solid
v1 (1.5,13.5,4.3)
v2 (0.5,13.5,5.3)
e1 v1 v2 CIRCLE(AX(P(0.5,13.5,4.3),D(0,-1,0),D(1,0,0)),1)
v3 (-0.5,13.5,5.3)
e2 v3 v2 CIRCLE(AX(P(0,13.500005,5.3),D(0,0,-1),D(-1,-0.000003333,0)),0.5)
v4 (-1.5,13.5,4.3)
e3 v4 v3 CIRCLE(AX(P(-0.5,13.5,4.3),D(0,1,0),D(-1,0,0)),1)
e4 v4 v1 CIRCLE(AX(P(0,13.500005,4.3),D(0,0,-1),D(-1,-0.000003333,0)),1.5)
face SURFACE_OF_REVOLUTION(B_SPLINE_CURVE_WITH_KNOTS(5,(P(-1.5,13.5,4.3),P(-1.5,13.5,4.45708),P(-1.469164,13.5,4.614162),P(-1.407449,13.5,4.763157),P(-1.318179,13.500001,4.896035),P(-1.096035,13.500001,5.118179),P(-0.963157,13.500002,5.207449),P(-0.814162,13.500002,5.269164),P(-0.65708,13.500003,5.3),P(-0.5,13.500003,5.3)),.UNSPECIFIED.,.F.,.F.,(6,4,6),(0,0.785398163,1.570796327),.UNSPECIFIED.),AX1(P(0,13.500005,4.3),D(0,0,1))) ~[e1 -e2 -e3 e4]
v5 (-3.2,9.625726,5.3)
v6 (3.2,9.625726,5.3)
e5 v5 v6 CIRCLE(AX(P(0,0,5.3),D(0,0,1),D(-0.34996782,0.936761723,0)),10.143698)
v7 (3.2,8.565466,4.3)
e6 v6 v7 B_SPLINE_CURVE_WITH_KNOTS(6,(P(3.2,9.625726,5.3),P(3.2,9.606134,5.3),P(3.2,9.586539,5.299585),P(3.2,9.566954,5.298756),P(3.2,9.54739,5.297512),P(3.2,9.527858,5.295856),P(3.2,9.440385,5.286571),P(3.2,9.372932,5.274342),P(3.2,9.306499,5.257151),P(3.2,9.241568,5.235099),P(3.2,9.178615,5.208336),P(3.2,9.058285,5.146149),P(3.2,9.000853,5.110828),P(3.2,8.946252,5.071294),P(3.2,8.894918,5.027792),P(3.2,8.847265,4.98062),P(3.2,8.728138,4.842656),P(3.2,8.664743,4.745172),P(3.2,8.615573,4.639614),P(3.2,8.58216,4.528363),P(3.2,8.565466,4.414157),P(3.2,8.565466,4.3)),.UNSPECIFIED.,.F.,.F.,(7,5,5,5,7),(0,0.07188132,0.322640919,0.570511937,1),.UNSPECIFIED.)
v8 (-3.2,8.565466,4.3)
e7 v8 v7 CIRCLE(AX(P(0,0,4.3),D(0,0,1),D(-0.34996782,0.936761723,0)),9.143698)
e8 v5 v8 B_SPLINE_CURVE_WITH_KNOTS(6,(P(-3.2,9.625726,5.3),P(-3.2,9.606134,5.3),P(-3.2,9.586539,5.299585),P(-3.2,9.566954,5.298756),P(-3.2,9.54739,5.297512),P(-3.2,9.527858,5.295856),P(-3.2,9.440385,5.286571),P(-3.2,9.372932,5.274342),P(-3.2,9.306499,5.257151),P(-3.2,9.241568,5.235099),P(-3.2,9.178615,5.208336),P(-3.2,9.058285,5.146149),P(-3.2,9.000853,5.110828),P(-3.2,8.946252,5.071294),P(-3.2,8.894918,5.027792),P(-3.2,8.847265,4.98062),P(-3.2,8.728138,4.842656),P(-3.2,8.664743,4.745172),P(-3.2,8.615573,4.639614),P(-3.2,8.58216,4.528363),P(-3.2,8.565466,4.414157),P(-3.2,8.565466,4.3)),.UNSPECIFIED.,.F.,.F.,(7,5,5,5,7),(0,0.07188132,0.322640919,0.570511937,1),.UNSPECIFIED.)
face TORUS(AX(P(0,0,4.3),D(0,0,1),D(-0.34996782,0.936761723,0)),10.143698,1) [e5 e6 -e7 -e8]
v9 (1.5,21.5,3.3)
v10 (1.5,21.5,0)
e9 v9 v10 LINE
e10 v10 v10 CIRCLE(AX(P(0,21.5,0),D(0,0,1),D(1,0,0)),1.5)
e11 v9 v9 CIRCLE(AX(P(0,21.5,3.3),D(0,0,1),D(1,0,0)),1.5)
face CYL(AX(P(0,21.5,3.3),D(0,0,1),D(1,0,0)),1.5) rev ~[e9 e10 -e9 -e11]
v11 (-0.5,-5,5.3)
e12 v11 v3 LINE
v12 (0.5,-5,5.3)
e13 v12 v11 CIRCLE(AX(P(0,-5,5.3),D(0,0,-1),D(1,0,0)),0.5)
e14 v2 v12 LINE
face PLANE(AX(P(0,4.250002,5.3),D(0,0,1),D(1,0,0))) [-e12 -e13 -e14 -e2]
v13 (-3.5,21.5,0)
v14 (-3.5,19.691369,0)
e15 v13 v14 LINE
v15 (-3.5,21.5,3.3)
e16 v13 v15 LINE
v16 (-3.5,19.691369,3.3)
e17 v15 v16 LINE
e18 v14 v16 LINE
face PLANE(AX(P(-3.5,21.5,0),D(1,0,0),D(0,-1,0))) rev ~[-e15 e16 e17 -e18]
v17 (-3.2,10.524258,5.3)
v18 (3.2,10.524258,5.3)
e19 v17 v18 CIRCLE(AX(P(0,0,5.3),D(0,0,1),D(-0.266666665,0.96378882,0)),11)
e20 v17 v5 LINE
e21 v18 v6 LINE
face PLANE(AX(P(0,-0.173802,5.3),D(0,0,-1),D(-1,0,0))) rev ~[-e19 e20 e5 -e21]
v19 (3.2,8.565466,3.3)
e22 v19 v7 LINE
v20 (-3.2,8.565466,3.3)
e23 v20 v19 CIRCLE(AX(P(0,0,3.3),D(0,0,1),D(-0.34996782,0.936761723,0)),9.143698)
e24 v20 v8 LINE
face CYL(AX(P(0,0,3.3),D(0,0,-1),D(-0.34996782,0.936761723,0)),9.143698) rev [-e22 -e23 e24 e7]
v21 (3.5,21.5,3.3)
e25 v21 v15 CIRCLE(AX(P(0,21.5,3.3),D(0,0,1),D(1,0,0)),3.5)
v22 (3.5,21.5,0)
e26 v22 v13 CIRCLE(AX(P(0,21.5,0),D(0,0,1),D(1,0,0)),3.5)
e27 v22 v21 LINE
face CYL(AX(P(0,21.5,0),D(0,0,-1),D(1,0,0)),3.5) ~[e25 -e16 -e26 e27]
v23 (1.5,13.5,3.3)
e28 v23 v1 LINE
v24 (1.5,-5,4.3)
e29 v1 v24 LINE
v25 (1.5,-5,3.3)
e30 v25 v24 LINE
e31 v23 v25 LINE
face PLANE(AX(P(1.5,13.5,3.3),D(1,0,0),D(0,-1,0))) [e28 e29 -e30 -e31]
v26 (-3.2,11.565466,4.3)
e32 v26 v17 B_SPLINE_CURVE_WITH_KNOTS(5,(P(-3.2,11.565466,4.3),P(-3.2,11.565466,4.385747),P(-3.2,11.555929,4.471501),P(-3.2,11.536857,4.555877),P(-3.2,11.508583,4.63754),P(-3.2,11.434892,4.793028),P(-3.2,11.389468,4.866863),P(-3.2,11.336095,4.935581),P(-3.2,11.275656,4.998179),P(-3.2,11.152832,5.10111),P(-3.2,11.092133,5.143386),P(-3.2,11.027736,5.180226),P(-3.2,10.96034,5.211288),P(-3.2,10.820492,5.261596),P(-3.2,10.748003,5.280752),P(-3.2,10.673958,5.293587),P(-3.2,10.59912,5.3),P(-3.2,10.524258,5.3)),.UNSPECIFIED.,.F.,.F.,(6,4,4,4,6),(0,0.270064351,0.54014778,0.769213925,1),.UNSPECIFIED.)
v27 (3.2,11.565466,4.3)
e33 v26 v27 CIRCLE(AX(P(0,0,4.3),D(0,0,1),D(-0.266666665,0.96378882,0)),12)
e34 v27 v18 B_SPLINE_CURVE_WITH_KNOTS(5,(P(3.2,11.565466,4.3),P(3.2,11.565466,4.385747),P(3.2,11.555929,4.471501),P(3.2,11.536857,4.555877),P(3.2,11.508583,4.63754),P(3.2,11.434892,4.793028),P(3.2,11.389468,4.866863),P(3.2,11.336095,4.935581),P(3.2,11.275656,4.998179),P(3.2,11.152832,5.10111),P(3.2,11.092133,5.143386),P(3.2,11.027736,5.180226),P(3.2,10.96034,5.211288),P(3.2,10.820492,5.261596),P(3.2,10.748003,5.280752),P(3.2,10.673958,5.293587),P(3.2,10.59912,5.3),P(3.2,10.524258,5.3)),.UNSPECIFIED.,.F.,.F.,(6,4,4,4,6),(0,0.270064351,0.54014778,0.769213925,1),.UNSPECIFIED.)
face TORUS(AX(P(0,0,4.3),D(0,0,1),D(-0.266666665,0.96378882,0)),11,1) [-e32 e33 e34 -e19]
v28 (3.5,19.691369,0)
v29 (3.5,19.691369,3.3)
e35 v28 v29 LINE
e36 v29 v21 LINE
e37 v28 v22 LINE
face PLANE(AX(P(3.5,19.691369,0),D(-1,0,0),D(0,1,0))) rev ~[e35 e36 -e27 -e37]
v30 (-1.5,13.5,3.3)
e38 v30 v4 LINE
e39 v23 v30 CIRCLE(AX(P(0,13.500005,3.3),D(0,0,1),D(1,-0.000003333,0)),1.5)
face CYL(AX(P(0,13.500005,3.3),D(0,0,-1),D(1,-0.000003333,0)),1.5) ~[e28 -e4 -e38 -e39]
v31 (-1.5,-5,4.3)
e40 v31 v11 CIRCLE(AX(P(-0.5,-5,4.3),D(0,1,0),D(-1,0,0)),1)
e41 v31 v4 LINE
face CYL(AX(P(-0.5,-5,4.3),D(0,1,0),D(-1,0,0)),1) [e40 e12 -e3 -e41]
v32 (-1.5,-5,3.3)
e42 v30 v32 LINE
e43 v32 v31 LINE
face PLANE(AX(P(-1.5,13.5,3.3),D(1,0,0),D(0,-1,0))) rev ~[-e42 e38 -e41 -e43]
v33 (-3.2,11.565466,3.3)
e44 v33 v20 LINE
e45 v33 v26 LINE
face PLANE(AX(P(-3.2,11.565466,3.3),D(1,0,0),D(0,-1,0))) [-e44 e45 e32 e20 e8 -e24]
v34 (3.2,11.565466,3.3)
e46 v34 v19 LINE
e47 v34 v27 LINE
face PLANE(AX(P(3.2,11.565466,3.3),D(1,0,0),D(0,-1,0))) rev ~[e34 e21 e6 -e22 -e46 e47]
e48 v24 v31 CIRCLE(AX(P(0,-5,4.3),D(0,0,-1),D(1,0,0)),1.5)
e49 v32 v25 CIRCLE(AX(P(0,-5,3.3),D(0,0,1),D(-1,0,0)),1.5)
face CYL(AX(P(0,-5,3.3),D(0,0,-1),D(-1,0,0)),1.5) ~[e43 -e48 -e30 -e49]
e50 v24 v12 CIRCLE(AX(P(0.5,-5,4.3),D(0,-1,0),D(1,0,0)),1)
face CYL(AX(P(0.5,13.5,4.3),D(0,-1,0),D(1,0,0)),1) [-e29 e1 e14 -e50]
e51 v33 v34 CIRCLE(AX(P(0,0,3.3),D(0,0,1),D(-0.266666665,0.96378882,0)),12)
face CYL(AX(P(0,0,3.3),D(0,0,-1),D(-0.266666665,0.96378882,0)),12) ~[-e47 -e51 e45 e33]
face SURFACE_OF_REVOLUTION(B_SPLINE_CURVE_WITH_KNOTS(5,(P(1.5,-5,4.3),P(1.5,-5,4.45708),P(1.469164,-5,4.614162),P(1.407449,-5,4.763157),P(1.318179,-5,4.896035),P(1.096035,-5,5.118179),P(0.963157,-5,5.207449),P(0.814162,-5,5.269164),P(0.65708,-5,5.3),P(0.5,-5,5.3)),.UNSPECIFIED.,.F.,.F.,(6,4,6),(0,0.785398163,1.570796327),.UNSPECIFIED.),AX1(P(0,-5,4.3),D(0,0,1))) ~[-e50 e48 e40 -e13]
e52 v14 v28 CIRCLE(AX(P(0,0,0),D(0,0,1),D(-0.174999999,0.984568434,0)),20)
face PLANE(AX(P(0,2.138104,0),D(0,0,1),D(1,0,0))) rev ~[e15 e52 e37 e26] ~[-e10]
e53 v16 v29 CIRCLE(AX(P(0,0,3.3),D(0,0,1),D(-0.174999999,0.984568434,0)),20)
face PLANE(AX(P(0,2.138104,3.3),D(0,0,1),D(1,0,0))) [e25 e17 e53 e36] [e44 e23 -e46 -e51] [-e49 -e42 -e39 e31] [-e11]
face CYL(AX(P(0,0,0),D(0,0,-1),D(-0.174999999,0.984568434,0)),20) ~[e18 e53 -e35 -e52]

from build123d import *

# Parameters (mm, degrees)
EXTRUDE_DEPTH = 3.3
SKETCH001_R   = 1.5
POCKET_DEPTH  = 3.301
PAD_DEPTH     = 2
FILLET_R      = 1
FILLET001_R   = 1
FILLET002_R   = 1


with BuildPart() as part:
    # Sketch → Extrude (new body)
    with BuildSketch(Plane.XY):
        with BuildLine():
            ThreePointArc((3.5, 21.5), (0, 25), (-3.5, 21.5))
            Line((-3.5, 21.5), (-3.5, 19.691369))
            ThreePointArc((-3.5, 19.691369), (0, -20), (3.5, 19.691369))
            Line((3.5, 19.691369), (3.5, 21.5))
        make_face()
    extrude(amount=EXTRUDE_DEPTH)

    # Sketch001 → Pocket (cut, through all)
    with BuildSketch(Plane.XY.offset(3.3)):
        with Locations((0, 21.5)):
            Circle(SKETCH001_R)
    extrude(amount=-POCKET_DEPTH, mode=Mode.SUBTRACT)

    # Sketch002 → Pad (new body)
    with BuildSketch(Plane.XY.offset(3.3)):
        with BuildLine():
            Line((-1.5, 13.5), (-1.5, -5))
            ThreePointArc((-1.5, -5), (0, -6.5), (1.5, -5))
            Line((1.5, 13.5), (1.5, -5))
            ThreePointArc((1.5, 13.5), (0, 15.000005), (-1.5, 13.5))
        make_face()
        with BuildLine():
            ThreePointArc((-3.2, 8.565466), (0, -9.143698), (3.2, 8.565466))
            Line((3.2, 11.565466), (3.2, 8.565466))
            ThreePointArc((-3.2, 11.565466), (0, -12), (3.2, 11.565466))
            Line((-3.2, 11.565466), (-3.2, 8.565466))
        make_face()
    extrude(amount=PAD_DEPTH)

    # Fillet
    fillet_edges = [part.edges().sort_by_distance(p)[0] for p in [
        (0, -12, 5.3),
    ]]
    fillet(fillet_edges, radius=FILLET_R)

    # Fillet001
    fillet001_edges = [part.edges().sort_by_distance(p)[0] for p in [
        (0, -9.143698, 5.3),
    ]]
    fillet(fillet001_edges, radius=FILLET001_R)

    # Fillet002
    fillet002_edges = [part.edges().sort_by_distance(p)[0] for p in [
        (1.5, 4.25, 5.3),
    ]]
    fillet(fillet002_edges, radius=FILLET002_R)


solid = part.part
